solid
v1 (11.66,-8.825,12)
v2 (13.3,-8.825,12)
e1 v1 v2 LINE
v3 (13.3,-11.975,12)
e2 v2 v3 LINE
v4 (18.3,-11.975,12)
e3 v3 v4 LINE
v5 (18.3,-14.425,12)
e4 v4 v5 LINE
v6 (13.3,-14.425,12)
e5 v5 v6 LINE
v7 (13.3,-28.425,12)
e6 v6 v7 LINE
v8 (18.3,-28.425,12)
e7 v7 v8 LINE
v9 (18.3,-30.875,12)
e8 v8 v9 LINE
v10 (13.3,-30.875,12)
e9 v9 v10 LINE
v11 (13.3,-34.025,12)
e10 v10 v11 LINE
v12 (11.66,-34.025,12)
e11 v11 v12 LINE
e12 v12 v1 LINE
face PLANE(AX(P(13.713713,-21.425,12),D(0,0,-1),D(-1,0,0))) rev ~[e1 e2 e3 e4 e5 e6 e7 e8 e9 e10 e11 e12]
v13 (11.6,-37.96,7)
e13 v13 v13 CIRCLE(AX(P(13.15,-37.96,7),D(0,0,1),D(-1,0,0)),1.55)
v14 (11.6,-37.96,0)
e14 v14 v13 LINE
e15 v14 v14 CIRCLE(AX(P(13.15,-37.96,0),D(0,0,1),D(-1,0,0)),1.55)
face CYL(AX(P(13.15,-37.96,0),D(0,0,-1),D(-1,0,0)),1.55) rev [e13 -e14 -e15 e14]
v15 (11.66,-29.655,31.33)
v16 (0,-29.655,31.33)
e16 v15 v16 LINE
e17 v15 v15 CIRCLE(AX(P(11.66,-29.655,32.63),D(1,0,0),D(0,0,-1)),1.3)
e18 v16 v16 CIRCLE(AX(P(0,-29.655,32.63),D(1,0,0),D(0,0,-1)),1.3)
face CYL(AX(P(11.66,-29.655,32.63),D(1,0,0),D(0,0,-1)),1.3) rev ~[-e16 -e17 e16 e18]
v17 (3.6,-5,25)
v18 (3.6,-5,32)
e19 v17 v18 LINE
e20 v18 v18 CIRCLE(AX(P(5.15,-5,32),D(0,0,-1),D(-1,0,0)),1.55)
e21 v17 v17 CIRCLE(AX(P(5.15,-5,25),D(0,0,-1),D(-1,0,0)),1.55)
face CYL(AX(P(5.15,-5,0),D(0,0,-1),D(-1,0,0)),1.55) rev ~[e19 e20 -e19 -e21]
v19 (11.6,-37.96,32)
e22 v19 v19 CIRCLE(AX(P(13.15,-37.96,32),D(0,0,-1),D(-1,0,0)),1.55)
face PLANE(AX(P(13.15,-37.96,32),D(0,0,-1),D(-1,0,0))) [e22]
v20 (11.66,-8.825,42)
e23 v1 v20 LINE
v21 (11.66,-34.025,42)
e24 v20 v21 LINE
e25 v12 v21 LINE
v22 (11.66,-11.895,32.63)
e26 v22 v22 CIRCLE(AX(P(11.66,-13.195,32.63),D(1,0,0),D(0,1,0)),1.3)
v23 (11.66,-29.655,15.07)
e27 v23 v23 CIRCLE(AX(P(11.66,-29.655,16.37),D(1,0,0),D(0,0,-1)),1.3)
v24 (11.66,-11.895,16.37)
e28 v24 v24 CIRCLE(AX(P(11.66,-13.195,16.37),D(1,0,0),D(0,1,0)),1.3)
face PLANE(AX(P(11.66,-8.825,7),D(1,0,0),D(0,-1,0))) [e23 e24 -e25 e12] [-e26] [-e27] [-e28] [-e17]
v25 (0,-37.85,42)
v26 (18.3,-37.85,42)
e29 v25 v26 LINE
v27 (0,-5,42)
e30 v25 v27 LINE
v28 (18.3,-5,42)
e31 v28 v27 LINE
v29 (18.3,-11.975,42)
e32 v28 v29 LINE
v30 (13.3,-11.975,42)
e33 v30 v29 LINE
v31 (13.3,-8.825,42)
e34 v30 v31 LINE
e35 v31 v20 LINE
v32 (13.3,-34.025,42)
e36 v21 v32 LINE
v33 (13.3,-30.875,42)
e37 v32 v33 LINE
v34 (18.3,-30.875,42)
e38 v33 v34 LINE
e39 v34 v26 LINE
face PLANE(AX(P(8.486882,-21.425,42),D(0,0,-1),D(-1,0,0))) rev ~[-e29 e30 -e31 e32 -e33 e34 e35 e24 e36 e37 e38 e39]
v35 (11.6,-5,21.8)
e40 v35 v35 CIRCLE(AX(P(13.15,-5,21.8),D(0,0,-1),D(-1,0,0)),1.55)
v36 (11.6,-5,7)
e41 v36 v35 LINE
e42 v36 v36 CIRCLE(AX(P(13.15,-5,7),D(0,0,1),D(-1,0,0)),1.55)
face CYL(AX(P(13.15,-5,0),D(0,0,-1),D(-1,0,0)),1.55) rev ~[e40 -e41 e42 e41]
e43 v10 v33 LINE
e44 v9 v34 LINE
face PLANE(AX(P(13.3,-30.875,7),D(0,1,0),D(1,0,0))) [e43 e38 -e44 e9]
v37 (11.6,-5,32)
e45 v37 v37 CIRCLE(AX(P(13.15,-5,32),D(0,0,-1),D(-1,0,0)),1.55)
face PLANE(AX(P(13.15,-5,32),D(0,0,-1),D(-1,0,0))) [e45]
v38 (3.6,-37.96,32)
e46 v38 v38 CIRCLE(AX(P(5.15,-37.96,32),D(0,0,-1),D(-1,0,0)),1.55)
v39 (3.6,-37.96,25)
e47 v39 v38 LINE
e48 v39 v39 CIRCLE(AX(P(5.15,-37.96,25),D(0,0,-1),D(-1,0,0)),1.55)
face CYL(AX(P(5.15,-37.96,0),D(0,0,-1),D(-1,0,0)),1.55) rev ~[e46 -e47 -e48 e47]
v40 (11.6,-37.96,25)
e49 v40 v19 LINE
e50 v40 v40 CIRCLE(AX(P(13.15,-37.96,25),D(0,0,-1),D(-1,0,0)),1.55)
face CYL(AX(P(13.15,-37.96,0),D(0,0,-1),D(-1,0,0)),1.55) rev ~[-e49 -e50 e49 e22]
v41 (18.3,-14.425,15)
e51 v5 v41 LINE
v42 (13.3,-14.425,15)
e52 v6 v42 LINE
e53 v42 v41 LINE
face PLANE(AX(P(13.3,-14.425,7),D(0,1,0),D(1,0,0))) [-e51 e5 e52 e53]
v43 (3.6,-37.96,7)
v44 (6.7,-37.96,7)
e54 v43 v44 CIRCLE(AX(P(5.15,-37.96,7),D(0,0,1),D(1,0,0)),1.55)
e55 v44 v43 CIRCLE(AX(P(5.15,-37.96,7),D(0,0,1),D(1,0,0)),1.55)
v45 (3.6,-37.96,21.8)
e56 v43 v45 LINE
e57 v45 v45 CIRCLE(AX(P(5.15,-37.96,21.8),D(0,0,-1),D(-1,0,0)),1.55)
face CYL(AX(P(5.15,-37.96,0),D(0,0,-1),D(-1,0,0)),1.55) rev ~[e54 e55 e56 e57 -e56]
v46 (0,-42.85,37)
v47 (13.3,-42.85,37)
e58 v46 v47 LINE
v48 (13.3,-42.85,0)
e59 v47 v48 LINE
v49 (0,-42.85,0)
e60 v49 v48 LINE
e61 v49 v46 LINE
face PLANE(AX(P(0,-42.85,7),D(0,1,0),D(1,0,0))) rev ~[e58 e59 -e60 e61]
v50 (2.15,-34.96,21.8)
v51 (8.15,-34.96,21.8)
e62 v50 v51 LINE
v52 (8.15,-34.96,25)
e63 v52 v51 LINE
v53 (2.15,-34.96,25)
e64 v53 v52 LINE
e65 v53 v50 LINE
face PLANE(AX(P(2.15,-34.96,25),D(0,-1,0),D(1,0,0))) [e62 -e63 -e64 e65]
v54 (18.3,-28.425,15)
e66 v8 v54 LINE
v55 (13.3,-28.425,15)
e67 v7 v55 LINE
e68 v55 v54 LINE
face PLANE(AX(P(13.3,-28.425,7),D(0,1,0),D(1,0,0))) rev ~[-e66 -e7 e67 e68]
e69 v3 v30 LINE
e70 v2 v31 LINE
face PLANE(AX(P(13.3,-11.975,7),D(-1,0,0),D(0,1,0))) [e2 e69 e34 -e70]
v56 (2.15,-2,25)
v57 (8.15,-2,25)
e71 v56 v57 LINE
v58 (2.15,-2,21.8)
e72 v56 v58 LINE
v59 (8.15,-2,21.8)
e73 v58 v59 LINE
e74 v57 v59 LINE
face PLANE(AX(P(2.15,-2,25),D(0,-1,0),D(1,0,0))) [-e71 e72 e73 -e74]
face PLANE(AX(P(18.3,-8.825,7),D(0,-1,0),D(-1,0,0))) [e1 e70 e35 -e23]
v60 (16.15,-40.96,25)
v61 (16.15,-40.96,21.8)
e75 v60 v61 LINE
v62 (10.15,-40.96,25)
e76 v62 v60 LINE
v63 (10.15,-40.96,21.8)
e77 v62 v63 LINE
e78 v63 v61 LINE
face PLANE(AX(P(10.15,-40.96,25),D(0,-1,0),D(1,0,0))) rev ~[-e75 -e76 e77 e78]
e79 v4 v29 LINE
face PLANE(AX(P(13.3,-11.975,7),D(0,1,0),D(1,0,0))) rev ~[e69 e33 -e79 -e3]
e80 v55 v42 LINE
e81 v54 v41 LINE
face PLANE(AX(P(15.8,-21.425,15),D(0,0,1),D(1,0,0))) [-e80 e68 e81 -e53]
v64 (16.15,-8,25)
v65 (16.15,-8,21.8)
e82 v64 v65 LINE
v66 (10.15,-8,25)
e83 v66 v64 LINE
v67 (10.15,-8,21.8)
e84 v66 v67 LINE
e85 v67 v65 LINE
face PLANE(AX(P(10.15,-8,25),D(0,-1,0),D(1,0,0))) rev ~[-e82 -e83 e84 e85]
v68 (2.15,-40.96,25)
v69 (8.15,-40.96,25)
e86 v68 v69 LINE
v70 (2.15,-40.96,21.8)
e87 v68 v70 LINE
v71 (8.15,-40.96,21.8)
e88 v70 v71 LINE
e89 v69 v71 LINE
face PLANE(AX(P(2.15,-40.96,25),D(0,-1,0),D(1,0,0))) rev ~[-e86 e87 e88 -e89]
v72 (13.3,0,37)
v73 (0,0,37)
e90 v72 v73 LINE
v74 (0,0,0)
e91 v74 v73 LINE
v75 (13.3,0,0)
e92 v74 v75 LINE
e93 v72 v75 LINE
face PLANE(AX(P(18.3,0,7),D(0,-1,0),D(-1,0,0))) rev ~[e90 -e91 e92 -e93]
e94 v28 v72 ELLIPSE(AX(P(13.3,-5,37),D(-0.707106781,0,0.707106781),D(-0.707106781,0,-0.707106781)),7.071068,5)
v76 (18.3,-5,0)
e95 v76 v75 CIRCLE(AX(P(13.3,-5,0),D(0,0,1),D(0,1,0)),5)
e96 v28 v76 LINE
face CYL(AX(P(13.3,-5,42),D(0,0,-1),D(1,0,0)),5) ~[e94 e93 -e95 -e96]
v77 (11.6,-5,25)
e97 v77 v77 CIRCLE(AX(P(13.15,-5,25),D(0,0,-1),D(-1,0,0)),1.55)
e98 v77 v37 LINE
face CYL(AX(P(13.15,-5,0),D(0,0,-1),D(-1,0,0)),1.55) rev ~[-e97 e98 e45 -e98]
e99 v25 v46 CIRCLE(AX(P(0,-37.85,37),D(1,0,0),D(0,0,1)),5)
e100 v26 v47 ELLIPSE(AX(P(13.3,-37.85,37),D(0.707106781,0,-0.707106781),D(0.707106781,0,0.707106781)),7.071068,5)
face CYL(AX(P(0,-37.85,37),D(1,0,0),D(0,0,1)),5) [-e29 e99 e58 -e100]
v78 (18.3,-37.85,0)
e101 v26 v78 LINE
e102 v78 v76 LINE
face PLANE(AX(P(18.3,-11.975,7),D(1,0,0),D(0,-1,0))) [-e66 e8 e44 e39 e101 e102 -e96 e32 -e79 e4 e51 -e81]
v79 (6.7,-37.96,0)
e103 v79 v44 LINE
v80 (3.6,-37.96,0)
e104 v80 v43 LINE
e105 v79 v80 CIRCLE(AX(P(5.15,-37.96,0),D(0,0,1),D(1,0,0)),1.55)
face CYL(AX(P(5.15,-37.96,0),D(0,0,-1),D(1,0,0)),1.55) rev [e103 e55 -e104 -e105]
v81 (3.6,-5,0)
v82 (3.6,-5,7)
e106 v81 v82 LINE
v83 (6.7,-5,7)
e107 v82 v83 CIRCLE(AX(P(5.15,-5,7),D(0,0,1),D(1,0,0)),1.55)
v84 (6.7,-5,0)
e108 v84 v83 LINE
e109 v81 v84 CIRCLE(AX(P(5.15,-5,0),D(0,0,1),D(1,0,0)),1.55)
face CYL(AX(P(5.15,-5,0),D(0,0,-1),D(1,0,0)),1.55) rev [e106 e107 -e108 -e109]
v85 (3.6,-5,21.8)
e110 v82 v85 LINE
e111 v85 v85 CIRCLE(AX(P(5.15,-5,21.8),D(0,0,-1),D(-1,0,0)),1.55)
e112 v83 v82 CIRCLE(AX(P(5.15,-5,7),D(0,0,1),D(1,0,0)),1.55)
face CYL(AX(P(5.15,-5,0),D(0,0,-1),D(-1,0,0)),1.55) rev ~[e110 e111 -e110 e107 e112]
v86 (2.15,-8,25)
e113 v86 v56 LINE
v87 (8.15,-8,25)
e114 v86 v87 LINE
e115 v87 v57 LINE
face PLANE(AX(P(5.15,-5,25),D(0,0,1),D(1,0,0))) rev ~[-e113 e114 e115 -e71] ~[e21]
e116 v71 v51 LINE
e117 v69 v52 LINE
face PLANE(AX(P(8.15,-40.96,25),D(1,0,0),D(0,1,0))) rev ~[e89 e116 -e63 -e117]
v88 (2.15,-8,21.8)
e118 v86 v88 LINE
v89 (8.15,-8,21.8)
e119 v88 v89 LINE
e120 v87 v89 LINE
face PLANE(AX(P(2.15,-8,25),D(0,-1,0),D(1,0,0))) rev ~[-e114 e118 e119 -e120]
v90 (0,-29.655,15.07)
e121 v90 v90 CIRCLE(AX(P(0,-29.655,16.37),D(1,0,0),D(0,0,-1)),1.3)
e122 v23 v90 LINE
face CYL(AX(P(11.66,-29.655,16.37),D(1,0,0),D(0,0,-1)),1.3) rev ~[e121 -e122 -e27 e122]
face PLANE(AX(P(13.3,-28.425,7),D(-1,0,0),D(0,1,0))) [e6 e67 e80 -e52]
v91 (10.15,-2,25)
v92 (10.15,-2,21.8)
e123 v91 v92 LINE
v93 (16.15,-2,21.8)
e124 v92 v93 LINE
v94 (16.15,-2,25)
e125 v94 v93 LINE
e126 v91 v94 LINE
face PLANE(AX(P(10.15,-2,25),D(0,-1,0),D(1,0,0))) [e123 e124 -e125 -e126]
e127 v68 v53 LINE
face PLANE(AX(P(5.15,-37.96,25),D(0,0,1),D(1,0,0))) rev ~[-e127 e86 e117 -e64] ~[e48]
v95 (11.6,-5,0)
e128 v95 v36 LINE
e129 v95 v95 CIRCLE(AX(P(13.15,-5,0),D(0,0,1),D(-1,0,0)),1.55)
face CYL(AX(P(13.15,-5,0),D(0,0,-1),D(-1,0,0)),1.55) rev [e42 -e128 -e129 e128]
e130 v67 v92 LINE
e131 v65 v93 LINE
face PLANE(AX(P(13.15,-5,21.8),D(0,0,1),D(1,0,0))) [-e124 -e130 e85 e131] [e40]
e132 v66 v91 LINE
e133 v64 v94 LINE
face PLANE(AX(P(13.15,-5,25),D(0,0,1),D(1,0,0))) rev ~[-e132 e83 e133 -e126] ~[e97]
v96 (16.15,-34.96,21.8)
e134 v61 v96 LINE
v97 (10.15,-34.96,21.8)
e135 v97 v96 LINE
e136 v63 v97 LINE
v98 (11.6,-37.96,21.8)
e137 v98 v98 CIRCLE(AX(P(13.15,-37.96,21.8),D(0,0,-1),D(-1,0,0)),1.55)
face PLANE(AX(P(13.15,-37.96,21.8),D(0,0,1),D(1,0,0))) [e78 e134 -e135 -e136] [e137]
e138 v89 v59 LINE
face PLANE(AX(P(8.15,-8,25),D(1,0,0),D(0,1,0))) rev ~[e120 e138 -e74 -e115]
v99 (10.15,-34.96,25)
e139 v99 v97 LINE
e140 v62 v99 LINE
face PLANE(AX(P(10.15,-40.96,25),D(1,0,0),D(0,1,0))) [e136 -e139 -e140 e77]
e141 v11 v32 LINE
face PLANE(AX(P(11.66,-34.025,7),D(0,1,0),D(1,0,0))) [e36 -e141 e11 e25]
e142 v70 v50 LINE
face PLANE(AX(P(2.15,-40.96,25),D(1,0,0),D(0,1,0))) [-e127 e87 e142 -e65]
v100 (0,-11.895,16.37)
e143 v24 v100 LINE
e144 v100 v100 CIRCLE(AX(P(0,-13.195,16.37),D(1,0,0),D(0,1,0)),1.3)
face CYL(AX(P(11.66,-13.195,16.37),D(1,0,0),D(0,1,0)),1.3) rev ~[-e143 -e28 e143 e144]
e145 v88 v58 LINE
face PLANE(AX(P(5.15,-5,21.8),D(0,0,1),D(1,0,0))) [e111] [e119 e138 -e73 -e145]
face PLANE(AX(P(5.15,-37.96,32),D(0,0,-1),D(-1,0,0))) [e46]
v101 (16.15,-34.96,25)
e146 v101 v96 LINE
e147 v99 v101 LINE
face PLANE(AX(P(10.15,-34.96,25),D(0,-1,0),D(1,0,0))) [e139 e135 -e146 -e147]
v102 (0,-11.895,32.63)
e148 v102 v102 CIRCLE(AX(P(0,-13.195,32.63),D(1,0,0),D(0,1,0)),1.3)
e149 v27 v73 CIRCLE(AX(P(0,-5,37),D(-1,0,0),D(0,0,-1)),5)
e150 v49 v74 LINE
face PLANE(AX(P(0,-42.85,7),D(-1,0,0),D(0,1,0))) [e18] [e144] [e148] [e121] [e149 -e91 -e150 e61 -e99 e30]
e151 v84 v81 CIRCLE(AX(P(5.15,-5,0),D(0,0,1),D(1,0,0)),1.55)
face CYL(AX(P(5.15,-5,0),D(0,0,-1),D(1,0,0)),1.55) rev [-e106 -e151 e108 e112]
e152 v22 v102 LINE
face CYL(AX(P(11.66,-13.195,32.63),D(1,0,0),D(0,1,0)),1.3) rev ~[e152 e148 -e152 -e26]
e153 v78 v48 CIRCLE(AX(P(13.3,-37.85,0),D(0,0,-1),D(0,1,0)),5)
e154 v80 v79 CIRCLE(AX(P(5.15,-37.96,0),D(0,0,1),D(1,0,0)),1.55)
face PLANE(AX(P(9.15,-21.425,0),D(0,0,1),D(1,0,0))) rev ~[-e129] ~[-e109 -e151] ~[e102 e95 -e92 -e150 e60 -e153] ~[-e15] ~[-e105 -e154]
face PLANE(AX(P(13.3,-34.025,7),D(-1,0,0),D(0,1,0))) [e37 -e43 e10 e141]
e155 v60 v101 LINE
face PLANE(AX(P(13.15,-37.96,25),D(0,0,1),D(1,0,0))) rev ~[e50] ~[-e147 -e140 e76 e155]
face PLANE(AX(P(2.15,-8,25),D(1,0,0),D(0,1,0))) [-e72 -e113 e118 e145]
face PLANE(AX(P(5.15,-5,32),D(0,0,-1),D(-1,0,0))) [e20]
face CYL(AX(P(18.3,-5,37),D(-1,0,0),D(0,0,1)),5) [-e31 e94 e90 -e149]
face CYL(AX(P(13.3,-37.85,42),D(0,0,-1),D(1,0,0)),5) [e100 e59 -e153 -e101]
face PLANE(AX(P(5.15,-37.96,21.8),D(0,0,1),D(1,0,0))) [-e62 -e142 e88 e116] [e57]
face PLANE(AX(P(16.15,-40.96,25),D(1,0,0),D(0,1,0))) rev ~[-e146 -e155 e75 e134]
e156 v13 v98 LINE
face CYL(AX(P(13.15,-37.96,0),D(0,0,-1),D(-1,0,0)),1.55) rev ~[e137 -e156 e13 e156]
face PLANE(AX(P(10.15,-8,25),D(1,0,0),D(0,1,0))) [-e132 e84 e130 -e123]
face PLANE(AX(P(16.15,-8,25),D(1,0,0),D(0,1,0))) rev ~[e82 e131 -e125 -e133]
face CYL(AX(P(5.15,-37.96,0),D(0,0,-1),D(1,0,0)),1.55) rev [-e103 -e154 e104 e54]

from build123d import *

# Parameters (mm, degrees)
SKETCH_1_W          = 18.3
SKETCH_1_H          = 42.85
SKETCH_1_R          = 1.55
EXTRUDE_1_DEPTH     = 7
SKETCH_2_W          = 5
SKETCH_2_H          = 14
EXTRUDE_4_DEPTH     = 8
SKETCH_5_W          = 5
SKETCH_5_H          = 3.15
EXTRUDE_5_DEPTH     = 35
EXTRUDE_7_DEPTH     = 35
EXTRUDE_8_DEPTH     = 5
CUT_EXTRUDE_1_REACH = 63.123
SKETCH_9_R          = 1.3
SKETCH_11_R         = 1.55
CUT_EXTRUDE_2_DEPTH = 32
SKETCH_12_W         = 6
SKETCH_12_H         = 6
CUT_EXTRUDE_3_DEPTH = 3.2
FILLET_1_R          = 5


with BuildPart() as part:
    # 草图1 → 凸台-拉伸1 (new body)
    with BuildSketch(Plane.XY):
        with Locations((9.15, -21.425)):
            Rectangle(SKETCH_1_W, SKETCH_1_H)
        with Locations((5.15, -5)):
            Circle(SKETCH_1_R, mode=Mode.SUBTRACT)
        with Locations((5.15, -37.96)):
            Circle(SKETCH_1_R, mode=Mode.SUBTRACT)
        with Locations(Location((13.15, -37.96, 0), (0, 0, 180))):
            Circle(SKETCH_1_R, mode=Mode.SUBTRACT)
        with Locations(Location((13.15, -5, 0), (0, 0, 180))):
            Circle(SKETCH_1_R, mode=Mode.SUBTRACT)
    extrude(amount=EXTRUDE_1_DEPTH)

    # 草图2 → 凸台-拉伸4 (add)
    with BuildSketch(Plane.XY.offset(7)):
        with Locations((15.8, -21.425)):
            Rectangle(SKETCH_2_W, SKETCH_2_H)
    extrude(amount=EXTRUDE_4_DEPTH)

    # 草图5 → 凸台-拉伸5 (add)
    with BuildSketch(Plane.XY.offset(7)):
        with Locations((15.8, -32.45)):
            Rectangle(SKETCH_5_W, SKETCH_5_H)
        with Locations((15.8, -10.4)):
            Rectangle(SKETCH_5_W, SKETCH_5_H)
    extrude(amount=EXTRUDE_5_DEPTH)

    # 草图7 → 凸台-拉伸7 (add)
    with BuildSketch(Plane.XY.offset(7)):
        Polygon((0, 0), (12.7, 0), (18.3, 0), (18.3, -8.825), (11.66, -8.825), (11.66, -34.025), (18.3, -34.025), (18.3, -42.85), (12.7, -42.85), (0, -42.85), align=None)
    extrude(amount=EXTRUDE_7_DEPTH)

    # 草图8 → 凸台-拉伸8 (add)
    with BuildSketch(Plane.XY.offset(7)):
        Polygon((13.3, -30.875), (13.3, -34.025), (11.66, -34.025), (11.66, -8.825), (13.3, -8.825), (13.3, -11.975), (18.3, -11.975), (18.3, -14.425), (13.3, -14.425), (13.3, -28.425), (18.3, -28.425), (18.3, -30.875), align=None)
    extrude(amount=EXTRUDE_8_DEPTH)

    # 草图9 → 切除-拉伸1 (cut, up to next)
    with BuildSketch(Plane(origin=(11.66, 0, 0), x_dir=(0, 0, -1), z_dir=(1, 0, 0)), mode=Mode.PRIVATE) as cut_extrude_1_sk1:
        with Locations(Location((-16.37, -13.195, 0), (0, 0, 90))):
            Circle(SKETCH_9_R)
    cut_extrude_1_tool1 = extrude(cut_extrude_1_sk1.sketch, amount=-CUT_EXTRUDE_1_REACH, mode=Mode.PRIVATE) & part.part
    # 草图9 → 切除-拉伸1 (cut, up to next)
    with BuildSketch(Plane(origin=(11.66, 0, 0), x_dir=(0, 0, -1), z_dir=(1, 0, 0)), mode=Mode.PRIVATE) as cut_extrude_1_sk2:
        with Locations((-16.37, -29.655)):
            Circle(SKETCH_9_R)
    cut_extrude_1_tool2 = extrude(cut_extrude_1_sk2.sketch, amount=-CUT_EXTRUDE_1_REACH, mode=Mode.PRIVATE) & part.part
    # 草图9 → 切除-拉伸1 (cut, up to next)
    with BuildSketch(Plane(origin=(11.66, 0, 0), x_dir=(0, 0, -1), z_dir=(1, 0, 0)), mode=Mode.PRIVATE) as cut_extrude_1_sk3:
        with Locations(Location((-32.63, -13.195, 0), (0, 0, 90))):
            Circle(SKETCH_9_R)
    cut_extrude_1_tool3 = extrude(cut_extrude_1_sk3.sketch, amount=-CUT_EXTRUDE_1_REACH, mode=Mode.PRIVATE) & part.part
    # 草图9 → 切除-拉伸1 (cut, up to next)
    with BuildSketch(Plane(origin=(11.66, 0, 0), x_dir=(0, 0, -1), z_dir=(1, 0, 0)), mode=Mode.PRIVATE) as cut_extrude_1_sk4:
        with Locations((-32.63, -29.655)):
            Circle(SKETCH_9_R)
    cut_extrude_1_tool4 = extrude(cut_extrude_1_sk4.sketch, amount=-CUT_EXTRUDE_1_REACH, mode=Mode.PRIVATE) & part.part
    add(cut_extrude_1_tool1.solids().sort_by_distance((11.66, -13.195, 16.37))[0], mode=Mode.SUBTRACT)
    add(cut_extrude_1_tool2.solids().sort_by_distance((11.66, -29.655, 16.37))[0], mode=Mode.SUBTRACT)
    add(cut_extrude_1_tool3.solids().sort_by_distance((11.66, -13.195, 32.63))[0], mode=Mode.SUBTRACT)
    add(cut_extrude_1_tool4.solids().sort_by_distance((11.66, -29.655, 32.63))[0], mode=Mode.SUBTRACT)

    # 草图11 → 切除-拉伸2 (cut)
    with BuildSketch(Plane(origin=(0, 0, 0), x_dir=(-1, 0, 0), z_dir=(0, 0, -1))):
        with Locations((-13.15, -5)):
            Circle(SKETCH_11_R)
        with Locations((-5.15, -5)):
            Circle(SKETCH_11_R)
        with Locations((-5.15, -37.96)):
            Circle(SKETCH_11_R)
        with Locations((-13.15, -37.96)):
            Circle(SKETCH_11_R)
    extrude(amount=-CUT_EXTRUDE_2_DEPTH, mode=Mode.SUBTRACT)

    # 草图12 → 切除-拉伸3 (cut)
    with BuildSketch(Plane.XY.offset(25)):
        with Locations((13.15, -5)):
            Rectangle(SKETCH_12_W, SKETCH_12_H)
        with Locations((5.15, -5)):
            Rectangle(SKETCH_12_W, SKETCH_12_H)
        with Locations((13.15, -37.96)):
            Rectangle(SKETCH_12_W, SKETCH_12_H)
        with Locations((5.15, -37.96)):
            Rectangle(SKETCH_12_W, SKETCH_12_H)
    extrude(amount=-CUT_EXTRUDE_3_DEPTH, mode=Mode.SUBTRACT)

    # 圆角1
    fillet_1_edges = [part.edges().sort_by_distance(p)[0] for p in [
        (9.15, -42.85, 42),
        (18.3, 0, 21),
        (18.3, -42.85, 21),
        (9.15, 0, 42),
    ]]
    fillet(fillet_1_edges, radius=FILLET_1_R)


solid = part.part
